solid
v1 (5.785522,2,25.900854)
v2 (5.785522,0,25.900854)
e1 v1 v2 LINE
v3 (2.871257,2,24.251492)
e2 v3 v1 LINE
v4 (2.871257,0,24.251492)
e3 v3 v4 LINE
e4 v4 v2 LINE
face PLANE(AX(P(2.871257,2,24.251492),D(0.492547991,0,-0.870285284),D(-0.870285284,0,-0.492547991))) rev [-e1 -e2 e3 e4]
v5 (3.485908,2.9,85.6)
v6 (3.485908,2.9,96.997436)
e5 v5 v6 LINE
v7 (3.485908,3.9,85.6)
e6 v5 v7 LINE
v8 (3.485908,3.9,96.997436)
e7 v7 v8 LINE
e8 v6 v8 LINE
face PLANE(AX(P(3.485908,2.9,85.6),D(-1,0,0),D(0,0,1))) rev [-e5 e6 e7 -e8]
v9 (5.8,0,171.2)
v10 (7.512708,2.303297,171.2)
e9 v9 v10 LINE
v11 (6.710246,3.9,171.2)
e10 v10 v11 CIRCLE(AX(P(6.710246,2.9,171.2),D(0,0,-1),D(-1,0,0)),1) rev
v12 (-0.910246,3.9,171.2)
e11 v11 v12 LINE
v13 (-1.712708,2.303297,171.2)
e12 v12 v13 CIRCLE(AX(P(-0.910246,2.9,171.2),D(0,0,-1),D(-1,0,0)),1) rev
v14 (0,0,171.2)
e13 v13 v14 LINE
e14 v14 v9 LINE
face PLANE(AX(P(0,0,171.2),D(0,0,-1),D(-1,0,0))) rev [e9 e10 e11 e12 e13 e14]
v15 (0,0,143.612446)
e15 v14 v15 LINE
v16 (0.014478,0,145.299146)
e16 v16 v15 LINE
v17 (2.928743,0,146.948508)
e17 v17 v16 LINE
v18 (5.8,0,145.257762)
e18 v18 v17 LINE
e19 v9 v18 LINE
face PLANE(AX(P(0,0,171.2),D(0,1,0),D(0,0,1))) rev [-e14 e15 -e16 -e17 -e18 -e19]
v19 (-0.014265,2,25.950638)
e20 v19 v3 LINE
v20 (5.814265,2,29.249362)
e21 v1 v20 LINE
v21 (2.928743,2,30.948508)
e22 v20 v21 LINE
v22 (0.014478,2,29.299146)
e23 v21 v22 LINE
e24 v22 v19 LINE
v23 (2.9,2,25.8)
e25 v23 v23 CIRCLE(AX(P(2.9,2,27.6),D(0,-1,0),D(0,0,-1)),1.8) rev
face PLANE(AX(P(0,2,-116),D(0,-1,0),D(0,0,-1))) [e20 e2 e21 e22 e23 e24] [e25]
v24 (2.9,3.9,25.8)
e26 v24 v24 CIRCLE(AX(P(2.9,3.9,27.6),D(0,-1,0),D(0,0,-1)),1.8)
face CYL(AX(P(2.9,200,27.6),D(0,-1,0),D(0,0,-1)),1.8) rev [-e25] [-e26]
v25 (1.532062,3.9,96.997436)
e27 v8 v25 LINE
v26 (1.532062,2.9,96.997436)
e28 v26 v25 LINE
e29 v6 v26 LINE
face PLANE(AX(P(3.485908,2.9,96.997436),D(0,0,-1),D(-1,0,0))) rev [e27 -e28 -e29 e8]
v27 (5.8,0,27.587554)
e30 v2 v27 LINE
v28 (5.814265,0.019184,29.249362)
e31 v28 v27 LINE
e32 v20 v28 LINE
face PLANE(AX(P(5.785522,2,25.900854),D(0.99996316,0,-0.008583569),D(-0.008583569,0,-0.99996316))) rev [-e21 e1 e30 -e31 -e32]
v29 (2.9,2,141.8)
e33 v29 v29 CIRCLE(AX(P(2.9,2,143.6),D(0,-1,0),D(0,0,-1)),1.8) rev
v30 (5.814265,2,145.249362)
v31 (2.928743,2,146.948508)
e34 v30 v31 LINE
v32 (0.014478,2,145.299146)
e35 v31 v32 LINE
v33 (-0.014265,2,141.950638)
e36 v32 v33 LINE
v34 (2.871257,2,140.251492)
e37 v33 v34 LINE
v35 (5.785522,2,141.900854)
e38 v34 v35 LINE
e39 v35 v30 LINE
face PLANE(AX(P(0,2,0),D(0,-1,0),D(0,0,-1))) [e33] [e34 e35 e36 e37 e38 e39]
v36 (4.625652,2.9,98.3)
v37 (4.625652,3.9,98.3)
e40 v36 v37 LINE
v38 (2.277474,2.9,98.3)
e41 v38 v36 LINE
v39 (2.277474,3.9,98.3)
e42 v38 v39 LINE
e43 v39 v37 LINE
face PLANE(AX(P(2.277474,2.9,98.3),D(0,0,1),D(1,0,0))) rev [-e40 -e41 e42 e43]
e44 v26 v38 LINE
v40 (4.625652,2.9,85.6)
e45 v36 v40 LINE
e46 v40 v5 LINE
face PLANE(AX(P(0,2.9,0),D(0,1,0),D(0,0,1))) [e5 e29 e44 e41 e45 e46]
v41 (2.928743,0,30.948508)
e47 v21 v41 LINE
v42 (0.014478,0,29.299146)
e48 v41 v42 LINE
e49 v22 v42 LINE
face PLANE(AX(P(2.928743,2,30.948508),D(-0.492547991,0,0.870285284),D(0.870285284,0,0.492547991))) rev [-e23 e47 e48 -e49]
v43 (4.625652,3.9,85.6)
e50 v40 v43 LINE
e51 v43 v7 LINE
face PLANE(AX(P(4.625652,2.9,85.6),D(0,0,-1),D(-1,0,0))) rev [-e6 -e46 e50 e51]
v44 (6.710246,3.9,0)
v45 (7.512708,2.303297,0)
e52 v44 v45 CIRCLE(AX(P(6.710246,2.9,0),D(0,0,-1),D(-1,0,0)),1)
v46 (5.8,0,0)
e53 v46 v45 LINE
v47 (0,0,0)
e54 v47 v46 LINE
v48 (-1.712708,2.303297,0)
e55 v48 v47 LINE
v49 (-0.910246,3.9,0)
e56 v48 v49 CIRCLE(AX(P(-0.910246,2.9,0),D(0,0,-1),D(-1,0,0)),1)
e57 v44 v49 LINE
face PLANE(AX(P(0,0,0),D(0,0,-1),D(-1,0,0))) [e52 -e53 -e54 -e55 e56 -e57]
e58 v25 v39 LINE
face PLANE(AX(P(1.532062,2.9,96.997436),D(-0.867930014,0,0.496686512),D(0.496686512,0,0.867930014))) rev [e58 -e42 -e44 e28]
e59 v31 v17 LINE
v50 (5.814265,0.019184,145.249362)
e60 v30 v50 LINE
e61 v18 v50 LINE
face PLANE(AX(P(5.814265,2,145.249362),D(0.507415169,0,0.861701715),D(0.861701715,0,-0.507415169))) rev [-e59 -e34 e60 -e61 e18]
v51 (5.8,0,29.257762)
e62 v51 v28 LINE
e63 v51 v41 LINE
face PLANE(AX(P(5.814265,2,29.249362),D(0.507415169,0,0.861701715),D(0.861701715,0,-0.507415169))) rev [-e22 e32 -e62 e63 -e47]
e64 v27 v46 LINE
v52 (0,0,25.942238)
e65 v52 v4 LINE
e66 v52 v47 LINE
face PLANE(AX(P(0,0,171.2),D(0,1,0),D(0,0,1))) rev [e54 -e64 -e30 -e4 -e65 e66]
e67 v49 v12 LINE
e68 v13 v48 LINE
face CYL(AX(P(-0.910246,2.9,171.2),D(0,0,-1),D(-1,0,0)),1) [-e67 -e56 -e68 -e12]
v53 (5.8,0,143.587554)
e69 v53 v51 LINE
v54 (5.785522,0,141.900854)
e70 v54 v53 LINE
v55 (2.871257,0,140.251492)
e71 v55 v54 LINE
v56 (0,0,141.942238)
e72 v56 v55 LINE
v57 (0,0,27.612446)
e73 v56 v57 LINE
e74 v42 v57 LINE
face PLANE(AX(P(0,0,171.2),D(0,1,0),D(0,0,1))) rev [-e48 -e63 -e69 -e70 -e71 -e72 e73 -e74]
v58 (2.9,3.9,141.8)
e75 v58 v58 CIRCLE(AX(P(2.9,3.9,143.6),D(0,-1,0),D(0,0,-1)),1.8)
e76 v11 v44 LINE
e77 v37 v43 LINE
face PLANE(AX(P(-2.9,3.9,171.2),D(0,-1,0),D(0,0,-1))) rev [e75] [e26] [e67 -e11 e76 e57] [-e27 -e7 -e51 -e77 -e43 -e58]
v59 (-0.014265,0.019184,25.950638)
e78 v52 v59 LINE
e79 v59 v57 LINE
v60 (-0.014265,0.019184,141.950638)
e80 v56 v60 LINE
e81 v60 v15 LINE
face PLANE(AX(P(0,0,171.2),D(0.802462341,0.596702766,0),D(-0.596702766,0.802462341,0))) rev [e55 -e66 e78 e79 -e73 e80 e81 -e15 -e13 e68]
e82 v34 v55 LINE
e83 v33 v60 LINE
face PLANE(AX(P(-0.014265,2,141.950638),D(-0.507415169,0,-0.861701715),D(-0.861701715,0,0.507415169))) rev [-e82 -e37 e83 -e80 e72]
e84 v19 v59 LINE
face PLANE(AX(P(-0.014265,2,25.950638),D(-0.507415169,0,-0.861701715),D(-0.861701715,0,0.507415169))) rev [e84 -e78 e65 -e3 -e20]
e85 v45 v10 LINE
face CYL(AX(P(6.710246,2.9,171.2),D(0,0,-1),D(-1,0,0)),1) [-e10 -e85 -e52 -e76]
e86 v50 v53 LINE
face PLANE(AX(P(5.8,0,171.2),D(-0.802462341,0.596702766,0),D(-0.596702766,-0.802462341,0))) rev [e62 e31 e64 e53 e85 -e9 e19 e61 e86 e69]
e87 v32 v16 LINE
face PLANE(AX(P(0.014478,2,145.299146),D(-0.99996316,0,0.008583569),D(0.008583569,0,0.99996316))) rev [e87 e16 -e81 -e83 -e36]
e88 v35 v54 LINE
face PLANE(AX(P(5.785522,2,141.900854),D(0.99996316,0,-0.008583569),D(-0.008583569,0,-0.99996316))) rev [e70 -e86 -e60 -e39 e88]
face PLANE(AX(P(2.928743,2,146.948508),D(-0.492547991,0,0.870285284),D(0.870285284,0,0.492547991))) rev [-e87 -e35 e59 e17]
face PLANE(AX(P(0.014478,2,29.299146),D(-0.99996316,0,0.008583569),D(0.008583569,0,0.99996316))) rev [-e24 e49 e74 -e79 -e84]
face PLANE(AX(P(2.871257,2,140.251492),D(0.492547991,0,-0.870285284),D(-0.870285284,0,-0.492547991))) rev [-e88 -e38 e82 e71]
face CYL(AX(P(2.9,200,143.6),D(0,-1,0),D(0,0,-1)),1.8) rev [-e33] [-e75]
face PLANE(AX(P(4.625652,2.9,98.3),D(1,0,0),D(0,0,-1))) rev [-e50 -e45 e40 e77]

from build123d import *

# Parameters (mm, degrees)
BOSS_EXTRUDE1_DEPTH = 171.2
FILLET1_R           = 1
SKETCH2_R           = 1.8
CUT_EXTRUDE1_DEPTH  = 200
CUT_EXTRUDE2_DEPTH  = 2
LPATTERN1_COUNT     = 3
LPATTERN1_PITCH     = 116
CUT_EXTRUDE3_DEPTH  = 1


with BuildPart() as part:
    # Sketch1 → Boss-Extrude1 (new body)
    with BuildSketch(Plane.XY):
        Polygon((0, 0), (5.8, 0), (8.7, 3.9), (-2.9, 3.9), align=None)
    extrude(amount=BOSS_EXTRUDE1_DEPTH)

    # Fillet1
    fillet1_edges = [part.edges().sort_by_distance(p)[0] for p in [
        (-2.9, 3.9, 85.6),
        (8.7, 3.9, 85.6),
    ]]
    fillet(fillet1_edges, radius=FILLET1_R)

    # Sketch2 → Cut-Extrude1 (cut)
    with BuildSketch(Plane.XZ):
        with Locations(Location((2.9, 143.6, 0), (0, 0, 270))):
            Circle(SKETCH2_R)
    cut_extrude1 = extrude(amount=-CUT_EXTRUDE1_DEPTH, mode=Mode.SUBTRACT)

    # Sketch3 → Cut-Extrude2 (cut)
    with BuildSketch(Plane.XZ):
        Polygon((2.92874321, 146.948508199), (0.01447844, 145.29914645), (-0.014264771, 141.950638251), (2.87125679, 140.251491801), (5.78552156, 141.90085355), (5.814264771, 145.249361749), align=None)
    cut_extrude2 = extrude(amount=-CUT_EXTRUDE2_DEPTH, mode=Mode.SUBTRACT)

    # LPattern1: Cut-Extrude1, Cut-Extrude2 ×3
    with Locations(*[(0, 0, -i * LPATTERN1_PITCH) for i in range(1, LPATTERN1_COUNT)]):
        add(cut_extrude1, mode=Mode.SUBTRACT)
        add(cut_extrude2, mode=Mode.SUBTRACT)

    # Sketch4 → Cut-Extrude3 (cut)
    with BuildSketch(Plane(origin=(0, 3.9, 0), x_dir=(1, 0, 0), z_dir=(0, 1, 0))):
        Polygon((2.277474494, -98.3), (4.625651577, -98.3), (4.625651577, -85.6), (3.485907988, -85.6), (3.485907988, -96.997435897), (1.532061834, -96.997435897), align=None)
    extrude(amount=-CUT_EXTRUDE3_DEPTH, mode=Mode.SUBTRACT)


solid = part.part
